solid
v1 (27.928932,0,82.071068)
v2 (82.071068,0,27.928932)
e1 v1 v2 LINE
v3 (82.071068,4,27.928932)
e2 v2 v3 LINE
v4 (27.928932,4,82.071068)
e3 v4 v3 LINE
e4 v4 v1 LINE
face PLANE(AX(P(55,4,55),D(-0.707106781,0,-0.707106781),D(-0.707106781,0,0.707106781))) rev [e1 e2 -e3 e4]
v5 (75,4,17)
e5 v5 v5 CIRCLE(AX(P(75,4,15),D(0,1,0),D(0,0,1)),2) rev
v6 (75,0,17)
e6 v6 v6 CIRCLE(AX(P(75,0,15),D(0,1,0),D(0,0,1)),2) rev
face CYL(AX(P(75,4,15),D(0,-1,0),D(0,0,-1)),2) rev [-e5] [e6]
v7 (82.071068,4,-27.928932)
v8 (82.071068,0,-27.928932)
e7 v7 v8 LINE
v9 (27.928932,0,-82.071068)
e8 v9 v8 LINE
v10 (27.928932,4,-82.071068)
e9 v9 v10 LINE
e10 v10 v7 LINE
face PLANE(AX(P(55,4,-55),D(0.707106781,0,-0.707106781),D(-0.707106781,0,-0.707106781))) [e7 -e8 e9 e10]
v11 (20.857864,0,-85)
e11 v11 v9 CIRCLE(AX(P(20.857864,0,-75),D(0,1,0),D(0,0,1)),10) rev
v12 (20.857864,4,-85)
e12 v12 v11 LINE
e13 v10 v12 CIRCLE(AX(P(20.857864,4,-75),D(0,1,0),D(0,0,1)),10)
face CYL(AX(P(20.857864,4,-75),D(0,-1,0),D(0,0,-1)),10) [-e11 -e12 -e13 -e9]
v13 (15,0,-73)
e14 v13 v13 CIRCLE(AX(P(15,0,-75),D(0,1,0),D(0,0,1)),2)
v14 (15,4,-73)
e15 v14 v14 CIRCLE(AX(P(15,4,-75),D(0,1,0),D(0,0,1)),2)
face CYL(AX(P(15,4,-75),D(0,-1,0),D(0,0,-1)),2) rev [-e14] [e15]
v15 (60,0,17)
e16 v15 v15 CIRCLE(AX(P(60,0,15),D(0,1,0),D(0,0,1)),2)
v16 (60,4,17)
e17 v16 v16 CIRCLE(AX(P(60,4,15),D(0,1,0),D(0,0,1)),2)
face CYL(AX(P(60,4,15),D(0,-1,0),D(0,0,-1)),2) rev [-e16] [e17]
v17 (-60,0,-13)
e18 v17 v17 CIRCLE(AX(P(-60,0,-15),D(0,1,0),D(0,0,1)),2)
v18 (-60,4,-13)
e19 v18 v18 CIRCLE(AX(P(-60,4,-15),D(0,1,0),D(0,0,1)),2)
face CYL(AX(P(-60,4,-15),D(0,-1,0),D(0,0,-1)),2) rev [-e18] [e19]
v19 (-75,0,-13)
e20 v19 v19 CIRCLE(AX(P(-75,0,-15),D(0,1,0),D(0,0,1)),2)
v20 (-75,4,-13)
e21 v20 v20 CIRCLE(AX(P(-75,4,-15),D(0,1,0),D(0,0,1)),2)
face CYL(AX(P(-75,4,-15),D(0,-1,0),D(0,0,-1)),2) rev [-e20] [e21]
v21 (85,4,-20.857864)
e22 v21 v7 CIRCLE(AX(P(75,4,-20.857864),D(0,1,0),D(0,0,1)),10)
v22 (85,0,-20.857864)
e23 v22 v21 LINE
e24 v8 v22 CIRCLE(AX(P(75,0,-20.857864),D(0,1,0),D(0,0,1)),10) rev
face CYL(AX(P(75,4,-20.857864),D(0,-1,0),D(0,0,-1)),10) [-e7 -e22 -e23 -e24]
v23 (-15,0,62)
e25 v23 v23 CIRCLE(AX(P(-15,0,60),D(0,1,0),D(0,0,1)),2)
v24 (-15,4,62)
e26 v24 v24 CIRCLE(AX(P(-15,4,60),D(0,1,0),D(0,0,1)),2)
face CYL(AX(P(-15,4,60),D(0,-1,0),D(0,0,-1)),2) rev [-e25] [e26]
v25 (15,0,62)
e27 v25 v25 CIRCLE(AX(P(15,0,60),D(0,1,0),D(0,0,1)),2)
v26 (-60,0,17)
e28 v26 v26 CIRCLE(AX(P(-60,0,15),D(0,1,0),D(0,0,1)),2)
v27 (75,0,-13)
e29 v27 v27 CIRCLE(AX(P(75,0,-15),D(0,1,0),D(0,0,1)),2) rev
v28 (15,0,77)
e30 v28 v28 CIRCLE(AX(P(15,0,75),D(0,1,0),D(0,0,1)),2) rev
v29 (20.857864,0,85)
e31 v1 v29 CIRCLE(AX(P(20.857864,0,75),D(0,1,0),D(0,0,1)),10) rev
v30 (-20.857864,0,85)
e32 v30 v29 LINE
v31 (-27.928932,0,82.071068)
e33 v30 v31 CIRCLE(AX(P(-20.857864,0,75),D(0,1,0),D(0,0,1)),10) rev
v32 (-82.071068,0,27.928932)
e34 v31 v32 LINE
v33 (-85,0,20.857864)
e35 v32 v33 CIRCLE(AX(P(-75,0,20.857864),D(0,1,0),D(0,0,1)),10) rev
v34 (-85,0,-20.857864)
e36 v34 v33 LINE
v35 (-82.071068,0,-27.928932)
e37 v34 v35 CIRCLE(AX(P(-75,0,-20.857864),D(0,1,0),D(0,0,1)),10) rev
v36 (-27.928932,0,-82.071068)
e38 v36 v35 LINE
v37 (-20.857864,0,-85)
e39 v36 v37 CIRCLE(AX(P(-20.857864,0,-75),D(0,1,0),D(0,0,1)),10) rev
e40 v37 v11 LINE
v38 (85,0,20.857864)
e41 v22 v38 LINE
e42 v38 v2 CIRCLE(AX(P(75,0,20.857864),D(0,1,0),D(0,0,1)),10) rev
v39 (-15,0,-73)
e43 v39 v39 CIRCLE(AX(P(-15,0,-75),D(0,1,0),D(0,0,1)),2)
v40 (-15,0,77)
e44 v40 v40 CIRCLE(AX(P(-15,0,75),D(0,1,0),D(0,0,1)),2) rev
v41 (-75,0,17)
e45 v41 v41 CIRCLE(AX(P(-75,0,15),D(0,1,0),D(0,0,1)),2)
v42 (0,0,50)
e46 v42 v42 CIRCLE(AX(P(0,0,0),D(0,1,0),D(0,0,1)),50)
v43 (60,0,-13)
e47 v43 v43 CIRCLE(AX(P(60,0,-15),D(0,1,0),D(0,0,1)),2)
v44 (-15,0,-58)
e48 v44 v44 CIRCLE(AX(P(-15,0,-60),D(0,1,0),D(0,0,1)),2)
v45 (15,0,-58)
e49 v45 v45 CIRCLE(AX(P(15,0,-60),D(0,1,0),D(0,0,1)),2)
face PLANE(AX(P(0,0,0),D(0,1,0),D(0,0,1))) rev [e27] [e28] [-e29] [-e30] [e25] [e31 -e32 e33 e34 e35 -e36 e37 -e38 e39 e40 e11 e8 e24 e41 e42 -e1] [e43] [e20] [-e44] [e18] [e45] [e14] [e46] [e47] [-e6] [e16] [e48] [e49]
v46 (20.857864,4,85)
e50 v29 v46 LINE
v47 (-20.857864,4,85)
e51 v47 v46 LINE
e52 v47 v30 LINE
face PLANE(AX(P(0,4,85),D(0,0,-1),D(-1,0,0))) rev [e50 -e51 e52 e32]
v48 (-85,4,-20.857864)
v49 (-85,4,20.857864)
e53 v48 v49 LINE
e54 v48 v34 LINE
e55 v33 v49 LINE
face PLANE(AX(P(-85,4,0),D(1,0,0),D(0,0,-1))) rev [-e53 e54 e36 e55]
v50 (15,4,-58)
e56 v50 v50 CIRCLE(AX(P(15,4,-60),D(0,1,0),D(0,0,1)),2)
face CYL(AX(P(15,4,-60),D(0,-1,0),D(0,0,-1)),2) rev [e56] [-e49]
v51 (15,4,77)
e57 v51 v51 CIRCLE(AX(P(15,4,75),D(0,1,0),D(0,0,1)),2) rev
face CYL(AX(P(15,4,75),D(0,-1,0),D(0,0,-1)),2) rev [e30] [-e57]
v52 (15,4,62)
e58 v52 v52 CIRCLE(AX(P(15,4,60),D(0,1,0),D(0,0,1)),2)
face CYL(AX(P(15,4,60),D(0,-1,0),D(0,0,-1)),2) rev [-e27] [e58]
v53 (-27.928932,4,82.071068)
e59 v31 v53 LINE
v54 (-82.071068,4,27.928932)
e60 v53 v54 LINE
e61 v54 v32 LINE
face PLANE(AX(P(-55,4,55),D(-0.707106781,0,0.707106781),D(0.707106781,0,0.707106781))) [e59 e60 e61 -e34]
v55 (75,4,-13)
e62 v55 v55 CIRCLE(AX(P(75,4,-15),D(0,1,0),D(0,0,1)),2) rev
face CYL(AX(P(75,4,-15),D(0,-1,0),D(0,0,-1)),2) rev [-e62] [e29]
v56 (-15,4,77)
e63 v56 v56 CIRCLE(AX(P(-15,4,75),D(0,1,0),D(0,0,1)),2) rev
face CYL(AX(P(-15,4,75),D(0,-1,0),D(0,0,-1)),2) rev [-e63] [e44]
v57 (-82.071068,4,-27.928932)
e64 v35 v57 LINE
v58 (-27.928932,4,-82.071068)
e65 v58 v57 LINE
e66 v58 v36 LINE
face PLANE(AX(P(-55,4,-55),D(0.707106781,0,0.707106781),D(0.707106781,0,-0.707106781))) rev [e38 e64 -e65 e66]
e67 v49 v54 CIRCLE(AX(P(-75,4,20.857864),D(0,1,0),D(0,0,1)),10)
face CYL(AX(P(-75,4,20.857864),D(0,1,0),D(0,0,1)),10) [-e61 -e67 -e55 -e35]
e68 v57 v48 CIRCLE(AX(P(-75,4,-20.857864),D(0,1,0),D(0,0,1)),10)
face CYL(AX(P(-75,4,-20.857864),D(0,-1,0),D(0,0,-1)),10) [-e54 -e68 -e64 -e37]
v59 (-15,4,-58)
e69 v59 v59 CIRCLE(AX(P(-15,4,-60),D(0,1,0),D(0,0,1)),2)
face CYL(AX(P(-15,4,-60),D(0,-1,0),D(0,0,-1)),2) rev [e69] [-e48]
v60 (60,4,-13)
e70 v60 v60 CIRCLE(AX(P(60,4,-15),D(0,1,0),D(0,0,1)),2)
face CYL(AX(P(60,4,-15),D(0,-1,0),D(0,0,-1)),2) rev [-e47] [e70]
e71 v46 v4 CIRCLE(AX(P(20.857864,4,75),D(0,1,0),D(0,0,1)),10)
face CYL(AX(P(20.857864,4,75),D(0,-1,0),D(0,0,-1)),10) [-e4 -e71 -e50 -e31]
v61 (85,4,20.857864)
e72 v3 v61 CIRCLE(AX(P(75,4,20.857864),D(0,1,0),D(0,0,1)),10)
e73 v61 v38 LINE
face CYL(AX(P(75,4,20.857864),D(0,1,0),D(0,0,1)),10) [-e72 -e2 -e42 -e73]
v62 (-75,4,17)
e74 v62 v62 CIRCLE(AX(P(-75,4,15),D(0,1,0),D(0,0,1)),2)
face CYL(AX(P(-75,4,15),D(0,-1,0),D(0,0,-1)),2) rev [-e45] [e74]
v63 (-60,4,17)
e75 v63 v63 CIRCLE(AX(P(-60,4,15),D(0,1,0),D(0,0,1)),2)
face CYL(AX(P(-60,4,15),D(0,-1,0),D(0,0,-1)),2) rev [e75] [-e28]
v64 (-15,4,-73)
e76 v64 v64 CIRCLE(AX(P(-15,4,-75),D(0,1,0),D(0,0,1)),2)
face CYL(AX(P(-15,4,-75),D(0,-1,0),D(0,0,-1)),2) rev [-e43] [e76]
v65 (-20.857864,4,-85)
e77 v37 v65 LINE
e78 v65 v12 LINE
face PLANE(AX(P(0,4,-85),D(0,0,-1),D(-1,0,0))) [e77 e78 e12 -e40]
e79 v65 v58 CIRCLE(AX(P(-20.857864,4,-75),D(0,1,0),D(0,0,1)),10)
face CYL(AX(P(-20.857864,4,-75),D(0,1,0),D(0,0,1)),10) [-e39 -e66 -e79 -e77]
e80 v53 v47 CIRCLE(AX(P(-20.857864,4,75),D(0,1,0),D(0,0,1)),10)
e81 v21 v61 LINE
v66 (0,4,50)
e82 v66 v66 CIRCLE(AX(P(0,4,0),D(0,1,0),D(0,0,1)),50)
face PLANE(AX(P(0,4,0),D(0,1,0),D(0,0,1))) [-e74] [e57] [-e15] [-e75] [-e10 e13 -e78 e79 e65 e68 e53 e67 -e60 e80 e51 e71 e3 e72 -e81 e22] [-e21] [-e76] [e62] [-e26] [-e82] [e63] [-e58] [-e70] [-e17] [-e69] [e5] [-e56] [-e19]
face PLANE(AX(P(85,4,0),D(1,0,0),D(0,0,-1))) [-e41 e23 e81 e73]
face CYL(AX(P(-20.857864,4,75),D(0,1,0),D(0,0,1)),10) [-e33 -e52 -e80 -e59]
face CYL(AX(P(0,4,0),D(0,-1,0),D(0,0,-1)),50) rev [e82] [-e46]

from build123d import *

# Parameters (mm, degrees)
SKETCH_1_R      = 2
SKETCH_1_R_2    = 50
EXTRUDE_1_DEPTH = 4
FILLET_1_R      = 10


with BuildPart() as part:
    # 草图1 → 凸台-拉伸1 (new body)
    with BuildSketch(Plane(origin=(0, 0, 0), x_dir=(1, 0, 0), z_dir=(0, 1, 0))):
        Polygon((25, 85), (-25, 85), (-85, 25), (-85, -25), (-25, -85), (25, -85), (85, -25), (85, 25), align=None)
        with Locations(Location((-15, -75, 0), (0, 0, 270))):
            Circle(SKETCH_1_R, mode=Mode.SUBTRACT)
        with Locations(Location((-15, -60, 0), (0, 0, 270))):
            Circle(SKETCH_1_R, mode=Mode.SUBTRACT)
        with Locations(Location((-75, -15, 0), (0, 0, 270))):
            Circle(SKETCH_1_R, mode=Mode.SUBTRACT)
        with Locations(Location((-60, -15, 0), (0, 0, 270))):
            Circle(SKETCH_1_R, mode=Mode.SUBTRACT)
        with Locations(Location((15, -75, 0), (0, 0, 270))):
            Circle(SKETCH_1_R, mode=Mode.SUBTRACT)
        with Locations(Location((15, -60, 0), (0, 0, 270))):
            Circle(SKETCH_1_R, mode=Mode.SUBTRACT)
        with Locations(Location((0, 0, 0), (0, 0, 270))):
            Circle(SKETCH_1_R_2, mode=Mode.SUBTRACT)
        with Locations(Location((60, -15, 0), (0, 0, 270))):
            Circle(SKETCH_1_R, mode=Mode.SUBTRACT)
        with Locations(Location((75, -15, 0), (0, 0, 270))):
            Circle(SKETCH_1_R, mode=Mode.SUBTRACT)
        with Locations(Location((-75, 15, 0), (0, 0, 270))):
            Circle(SKETCH_1_R, mode=Mode.SUBTRACT)
        with Locations(Location((-60, 15, 0), (0, 0, 270))):
            Circle(SKETCH_1_R, mode=Mode.SUBTRACT)
        with Locations(Location((-15, 60, 0), (0, 0, 270))):
            Circle(SKETCH_1_R, mode=Mode.SUBTRACT)
        with Locations(Location((-15, 75, 0), (0, 0, 270))):
            Circle(SKETCH_1_R, mode=Mode.SUBTRACT)
        with Locations(Location((60, 15, 0), (0, 0, 270))):
            Circle(SKETCH_1_R, mode=Mode.SUBTRACT)
        with Locations(Location((75, 15, 0), (0, 0, 270))):
            Circle(SKETCH_1_R, mode=Mode.SUBTRACT)
        with Locations(Location((15, 60, 0), (0, 0, 270))):
            Circle(SKETCH_1_R, mode=Mode.SUBTRACT)
        with Locations(Location((15, 75, 0), (0, 0, 270))):
            Circle(SKETCH_1_R, mode=Mode.SUBTRACT)
    extrude(amount=EXTRUDE_1_DEPTH)

    # 圆角1
    fillet_1_edges = [part.edges().sort_by_distance(p)[0] for p in [
        (-25, 2, 85),
        (-85, 2, 25),
        (-85, 2, -25),
        (-25, 2, -85),
        (25, 2, -85),
        (85, 2, -25),
        (85, 2, 25),
        (25, 2, 85),
    ]]
    fillet(fillet_1_edges, radius=FILLET_1_R)


solid = part.part
